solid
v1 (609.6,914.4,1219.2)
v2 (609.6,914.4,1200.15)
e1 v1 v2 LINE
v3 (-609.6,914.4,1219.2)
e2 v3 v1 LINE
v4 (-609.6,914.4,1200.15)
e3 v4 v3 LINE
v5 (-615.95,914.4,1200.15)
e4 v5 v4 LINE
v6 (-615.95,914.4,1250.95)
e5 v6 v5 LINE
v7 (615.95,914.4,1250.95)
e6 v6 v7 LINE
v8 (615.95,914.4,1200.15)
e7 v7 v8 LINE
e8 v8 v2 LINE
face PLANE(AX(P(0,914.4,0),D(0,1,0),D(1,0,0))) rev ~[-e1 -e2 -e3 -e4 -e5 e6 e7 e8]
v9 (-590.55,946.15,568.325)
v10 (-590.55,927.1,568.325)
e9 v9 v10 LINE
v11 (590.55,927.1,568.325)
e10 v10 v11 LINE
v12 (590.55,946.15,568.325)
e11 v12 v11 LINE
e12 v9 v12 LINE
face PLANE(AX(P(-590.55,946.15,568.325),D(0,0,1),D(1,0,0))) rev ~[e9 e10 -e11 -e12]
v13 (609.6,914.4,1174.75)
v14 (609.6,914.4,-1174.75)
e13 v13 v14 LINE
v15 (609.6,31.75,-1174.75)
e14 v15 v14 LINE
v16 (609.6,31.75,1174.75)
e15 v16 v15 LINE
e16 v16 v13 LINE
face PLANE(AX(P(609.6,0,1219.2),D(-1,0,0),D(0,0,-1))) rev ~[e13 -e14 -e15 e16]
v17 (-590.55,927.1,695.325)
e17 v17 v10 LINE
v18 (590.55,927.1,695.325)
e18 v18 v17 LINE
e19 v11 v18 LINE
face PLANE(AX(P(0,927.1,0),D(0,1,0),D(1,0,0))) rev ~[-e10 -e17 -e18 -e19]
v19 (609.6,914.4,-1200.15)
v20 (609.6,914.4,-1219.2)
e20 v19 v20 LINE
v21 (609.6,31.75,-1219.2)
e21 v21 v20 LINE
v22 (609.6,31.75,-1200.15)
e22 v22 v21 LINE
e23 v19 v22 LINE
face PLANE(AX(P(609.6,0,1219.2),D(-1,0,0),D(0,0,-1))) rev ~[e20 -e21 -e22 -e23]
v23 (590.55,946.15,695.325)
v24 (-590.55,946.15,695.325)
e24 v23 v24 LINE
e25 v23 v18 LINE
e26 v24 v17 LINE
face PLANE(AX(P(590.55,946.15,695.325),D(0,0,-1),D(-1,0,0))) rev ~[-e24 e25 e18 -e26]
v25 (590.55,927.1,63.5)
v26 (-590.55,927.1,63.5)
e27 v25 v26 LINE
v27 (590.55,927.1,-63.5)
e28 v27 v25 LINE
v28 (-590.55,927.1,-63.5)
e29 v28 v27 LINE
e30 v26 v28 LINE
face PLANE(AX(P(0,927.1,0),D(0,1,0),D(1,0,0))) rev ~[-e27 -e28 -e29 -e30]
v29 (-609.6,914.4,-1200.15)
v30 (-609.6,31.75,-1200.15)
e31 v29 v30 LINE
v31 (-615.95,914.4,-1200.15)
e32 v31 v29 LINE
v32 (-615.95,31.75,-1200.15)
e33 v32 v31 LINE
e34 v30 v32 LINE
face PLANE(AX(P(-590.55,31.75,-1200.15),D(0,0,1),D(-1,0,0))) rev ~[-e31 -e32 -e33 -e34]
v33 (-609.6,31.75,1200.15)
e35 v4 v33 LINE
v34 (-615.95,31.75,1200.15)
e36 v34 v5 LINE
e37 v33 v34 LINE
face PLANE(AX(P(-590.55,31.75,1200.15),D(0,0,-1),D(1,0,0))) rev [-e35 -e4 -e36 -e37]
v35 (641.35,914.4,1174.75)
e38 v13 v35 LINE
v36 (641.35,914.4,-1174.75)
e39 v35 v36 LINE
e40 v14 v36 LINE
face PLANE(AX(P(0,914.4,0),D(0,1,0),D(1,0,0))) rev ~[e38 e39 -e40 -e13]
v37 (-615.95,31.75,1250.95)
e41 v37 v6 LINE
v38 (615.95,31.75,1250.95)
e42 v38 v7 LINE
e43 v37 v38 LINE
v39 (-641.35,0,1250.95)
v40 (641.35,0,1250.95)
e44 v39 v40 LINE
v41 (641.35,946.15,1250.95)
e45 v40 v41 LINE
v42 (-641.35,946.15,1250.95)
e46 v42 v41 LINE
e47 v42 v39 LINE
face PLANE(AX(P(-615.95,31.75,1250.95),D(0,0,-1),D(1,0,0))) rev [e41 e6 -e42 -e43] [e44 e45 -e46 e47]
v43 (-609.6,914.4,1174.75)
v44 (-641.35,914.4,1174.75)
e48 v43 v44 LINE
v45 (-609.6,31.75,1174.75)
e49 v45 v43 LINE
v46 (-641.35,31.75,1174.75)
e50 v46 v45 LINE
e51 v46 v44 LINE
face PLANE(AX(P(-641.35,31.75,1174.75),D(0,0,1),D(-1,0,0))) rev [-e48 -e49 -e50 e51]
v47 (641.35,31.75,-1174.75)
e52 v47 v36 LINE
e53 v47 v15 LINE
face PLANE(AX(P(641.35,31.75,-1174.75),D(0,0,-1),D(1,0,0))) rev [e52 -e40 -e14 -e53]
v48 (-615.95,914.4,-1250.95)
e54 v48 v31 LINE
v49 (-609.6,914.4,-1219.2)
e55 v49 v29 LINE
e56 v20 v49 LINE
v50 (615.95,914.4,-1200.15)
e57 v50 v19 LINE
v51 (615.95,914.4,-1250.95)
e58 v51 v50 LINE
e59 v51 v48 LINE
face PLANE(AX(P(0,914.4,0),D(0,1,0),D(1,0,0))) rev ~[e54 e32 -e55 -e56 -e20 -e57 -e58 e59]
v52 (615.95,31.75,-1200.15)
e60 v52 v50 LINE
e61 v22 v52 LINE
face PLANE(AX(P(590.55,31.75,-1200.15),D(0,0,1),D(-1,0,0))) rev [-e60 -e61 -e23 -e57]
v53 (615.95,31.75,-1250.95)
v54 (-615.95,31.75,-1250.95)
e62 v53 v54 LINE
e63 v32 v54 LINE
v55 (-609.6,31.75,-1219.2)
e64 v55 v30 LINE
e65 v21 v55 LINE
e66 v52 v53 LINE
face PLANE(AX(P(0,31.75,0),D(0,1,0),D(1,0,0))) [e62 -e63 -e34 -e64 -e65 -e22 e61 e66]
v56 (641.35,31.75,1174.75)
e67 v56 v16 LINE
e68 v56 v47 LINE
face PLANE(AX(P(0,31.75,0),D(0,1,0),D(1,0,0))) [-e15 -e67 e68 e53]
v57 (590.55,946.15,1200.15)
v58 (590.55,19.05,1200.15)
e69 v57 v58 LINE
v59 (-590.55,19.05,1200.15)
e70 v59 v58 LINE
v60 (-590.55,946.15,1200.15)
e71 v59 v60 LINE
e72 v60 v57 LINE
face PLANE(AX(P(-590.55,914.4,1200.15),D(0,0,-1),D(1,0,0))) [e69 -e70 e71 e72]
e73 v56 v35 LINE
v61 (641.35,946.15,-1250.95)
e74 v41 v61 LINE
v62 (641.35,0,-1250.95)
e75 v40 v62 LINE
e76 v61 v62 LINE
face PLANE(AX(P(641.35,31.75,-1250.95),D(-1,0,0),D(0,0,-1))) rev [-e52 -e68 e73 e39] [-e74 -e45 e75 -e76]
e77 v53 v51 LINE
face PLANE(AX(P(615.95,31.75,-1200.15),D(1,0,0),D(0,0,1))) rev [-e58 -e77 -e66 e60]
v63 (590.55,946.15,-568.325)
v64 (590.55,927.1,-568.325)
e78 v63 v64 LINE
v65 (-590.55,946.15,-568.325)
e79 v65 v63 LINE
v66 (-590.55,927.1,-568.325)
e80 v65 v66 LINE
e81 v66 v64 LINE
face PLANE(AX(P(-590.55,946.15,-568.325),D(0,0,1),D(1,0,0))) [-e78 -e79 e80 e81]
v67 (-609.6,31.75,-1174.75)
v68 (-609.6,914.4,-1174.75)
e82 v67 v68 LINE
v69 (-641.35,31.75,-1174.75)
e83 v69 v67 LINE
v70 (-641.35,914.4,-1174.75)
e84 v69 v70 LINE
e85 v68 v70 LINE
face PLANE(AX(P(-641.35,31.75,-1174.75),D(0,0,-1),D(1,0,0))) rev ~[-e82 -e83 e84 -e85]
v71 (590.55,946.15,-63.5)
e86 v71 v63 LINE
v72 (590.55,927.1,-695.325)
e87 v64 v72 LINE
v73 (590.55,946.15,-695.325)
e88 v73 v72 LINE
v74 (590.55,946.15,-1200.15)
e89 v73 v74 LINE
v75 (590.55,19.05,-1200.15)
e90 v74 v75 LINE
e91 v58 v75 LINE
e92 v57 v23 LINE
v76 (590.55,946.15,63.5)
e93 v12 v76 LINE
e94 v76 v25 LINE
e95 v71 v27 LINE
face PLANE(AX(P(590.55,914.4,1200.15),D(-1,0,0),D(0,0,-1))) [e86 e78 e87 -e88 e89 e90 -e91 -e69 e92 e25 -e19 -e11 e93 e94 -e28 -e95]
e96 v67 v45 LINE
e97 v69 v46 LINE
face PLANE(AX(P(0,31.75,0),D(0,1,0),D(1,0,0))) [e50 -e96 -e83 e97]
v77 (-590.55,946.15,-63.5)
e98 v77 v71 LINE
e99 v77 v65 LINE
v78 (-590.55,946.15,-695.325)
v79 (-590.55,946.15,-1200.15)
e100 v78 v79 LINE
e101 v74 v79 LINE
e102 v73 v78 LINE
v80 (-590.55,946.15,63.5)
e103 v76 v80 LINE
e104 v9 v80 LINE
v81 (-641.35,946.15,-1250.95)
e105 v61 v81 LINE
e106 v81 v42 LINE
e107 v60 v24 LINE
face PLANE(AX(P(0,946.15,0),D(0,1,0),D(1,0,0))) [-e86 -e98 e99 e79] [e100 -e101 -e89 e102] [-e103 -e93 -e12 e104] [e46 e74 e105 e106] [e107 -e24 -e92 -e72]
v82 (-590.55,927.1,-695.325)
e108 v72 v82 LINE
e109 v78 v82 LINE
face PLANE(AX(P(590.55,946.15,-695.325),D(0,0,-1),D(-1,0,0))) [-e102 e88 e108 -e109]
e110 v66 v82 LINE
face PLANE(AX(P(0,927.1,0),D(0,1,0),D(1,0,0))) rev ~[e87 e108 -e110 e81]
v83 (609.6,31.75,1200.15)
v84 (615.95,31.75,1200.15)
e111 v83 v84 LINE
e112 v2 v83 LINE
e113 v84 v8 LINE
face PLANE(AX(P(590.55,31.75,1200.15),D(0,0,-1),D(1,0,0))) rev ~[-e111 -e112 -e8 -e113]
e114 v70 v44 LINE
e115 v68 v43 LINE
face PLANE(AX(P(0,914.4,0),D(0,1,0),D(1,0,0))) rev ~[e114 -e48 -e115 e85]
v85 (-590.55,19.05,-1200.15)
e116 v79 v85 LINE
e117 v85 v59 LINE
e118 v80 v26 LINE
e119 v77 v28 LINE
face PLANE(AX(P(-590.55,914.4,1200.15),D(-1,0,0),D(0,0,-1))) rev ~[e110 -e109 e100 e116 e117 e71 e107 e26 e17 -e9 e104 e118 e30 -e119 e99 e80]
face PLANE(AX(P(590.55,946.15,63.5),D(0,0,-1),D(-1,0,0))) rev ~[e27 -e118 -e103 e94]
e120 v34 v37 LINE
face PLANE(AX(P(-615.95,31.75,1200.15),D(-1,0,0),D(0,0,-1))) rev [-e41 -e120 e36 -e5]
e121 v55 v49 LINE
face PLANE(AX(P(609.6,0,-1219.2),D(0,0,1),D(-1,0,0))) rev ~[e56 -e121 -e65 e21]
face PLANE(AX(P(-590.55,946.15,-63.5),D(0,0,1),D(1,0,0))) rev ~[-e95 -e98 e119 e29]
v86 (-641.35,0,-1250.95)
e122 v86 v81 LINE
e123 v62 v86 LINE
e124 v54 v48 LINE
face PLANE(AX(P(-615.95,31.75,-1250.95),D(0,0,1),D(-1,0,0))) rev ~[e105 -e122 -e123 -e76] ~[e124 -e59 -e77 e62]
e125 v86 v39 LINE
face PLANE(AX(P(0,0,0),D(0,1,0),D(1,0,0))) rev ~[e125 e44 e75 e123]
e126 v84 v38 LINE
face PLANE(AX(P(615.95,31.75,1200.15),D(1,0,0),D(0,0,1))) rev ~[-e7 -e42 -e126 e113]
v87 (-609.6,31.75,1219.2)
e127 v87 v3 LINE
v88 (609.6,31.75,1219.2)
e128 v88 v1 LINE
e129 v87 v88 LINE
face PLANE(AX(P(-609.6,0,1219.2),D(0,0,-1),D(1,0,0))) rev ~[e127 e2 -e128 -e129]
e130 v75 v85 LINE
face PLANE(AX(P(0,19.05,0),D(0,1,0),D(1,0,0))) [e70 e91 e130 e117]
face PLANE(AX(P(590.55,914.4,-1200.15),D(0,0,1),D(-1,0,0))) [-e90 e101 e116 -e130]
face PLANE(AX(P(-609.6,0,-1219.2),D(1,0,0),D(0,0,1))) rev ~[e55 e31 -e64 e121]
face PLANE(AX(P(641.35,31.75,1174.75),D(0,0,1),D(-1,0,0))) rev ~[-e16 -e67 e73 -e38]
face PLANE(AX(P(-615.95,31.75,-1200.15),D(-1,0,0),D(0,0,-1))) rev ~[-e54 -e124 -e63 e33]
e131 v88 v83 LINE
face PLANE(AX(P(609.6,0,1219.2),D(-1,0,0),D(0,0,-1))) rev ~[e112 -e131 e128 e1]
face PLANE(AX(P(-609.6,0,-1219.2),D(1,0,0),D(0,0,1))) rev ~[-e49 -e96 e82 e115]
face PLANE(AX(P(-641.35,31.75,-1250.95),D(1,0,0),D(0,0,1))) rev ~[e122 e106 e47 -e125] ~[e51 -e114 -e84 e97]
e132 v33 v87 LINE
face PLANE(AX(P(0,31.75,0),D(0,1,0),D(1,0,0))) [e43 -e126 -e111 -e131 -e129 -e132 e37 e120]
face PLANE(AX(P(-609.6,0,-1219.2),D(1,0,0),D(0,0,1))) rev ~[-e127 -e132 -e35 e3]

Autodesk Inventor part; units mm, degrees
ref_plane "YZ Plane" through (0, 0, 0) normal (1, 0, 0) x (0, 1, 0)
ref_plane "XZ Plane" through (0, 0, 0) normal (0, 1, 0) x (-1, 0, 0)
ref_plane "XY Plane" through (0, 0, 0) normal (0, 0, 1) x (1, 0, 0)
sketch "Sketch1" plane through (0, 0, 0) normal (0, 1, 0) x (-1, 0, 0)
  line L0 (-609.6, -1219.2) -> (609.6, -1219.2)
  line L1 (609.6, -1219.2) -> (609.6, 1219.2)
  line L2 (609.6, 1219.2) -> (-609.6, 1219.2)
  line L3 (-609.6, 1219.2) -> (-609.6, -1219.2)
  line L4 (-609.6, -1219.2) -> (609.6, 1219.2) construction
  line L5 (609.6, -1219.2) -> (-609.6, 1219.2) construction
  point P0 (0, 0)
  dimension "d0" = 1219.2
  dimension "d1" = 2438.4
extrude "Extrusion1" add sketch "Sketch1" along normal blind 914.4
sketch "Sketch2" plane through (0, 914.4, 0) normal (0, 1, 0) x (1, 0, 0)
  line L0 (590.55, 1200.15) -> (-590.55, 1200.15)
  line L1 (-590.55, 1200.15) -> (-590.55, -1200.15)
  line L2 (-590.55, -1200.15) -> (590.55, -1200.15)
  line L3 (590.55, -1200.15) -> (590.55, 1200.15)
  line L4 (590.55, 1200.15) -> (-590.55, -1200.15) construction
  line L5 (-590.55, 1200.15) -> (590.55, -1200.15) construction
  point P0 (0, 0)
  dimension "d4" = 1181.1
  dimension "d5" = 2400.3
extrude "Extrusion2" cut sketch "Sketch2" against normal blind 895.35
sketch "Sketch3" plane through (0, 914.4, 0) normal (0, 1, 0) x (1, 0, 0)
  line L0 (641.35, 1250.95) -> (-641.35, 1250.95)
  line L1 (-641.35, 1250.95) -> (-641.35, -1250.95)
  line L2 (-641.35, -1250.95) -> (641.35, -1250.95)
  line L3 (641.35, -1250.95) -> (641.35, 1250.95)
  line L4 (641.35, 1250.95) -> (-641.35, -1250.95) construction
  line L5 (-641.35, 1250.95) -> (641.35, -1250.95) construction
  line L6 (-590.55, -1200.15) -> (-590.55, 1200.15) projected
  line L7 (590.55, 1200.15) -> (-590.55, 1200.15)
  line L8 (-590.55, 1200.15) -> (-590.55, -1200.15)
  line L9 (-590.55, -1200.15) -> (590.55, -1200.15)
  line L10 (590.55, -1200.15) -> (590.55, 1200.15)
  line L11 (590.55, 1200.15) -> (-590.55, -1200.15) construction
  line L12 (-590.55, 1200.15) -> (590.55, -1200.15) construction
  point P0 (0, 0)
  point P1 (-590.55, 1200.15)
  dimension "d8" = 1282.7
  dimension "d9" = 2501.9
extrude "Extrusion3" add sketch "Sketch3" along normal blind 31.75
pattern_linear "Rectangular Pattern1" count 2 spacing 914.4 along (0, -1, 0) of "Extrusion3"
sketch "Sketch4" plane through (-641.35, 31.75, 1250.95) normal (0, 1, 0) x (1, 0, 0)
  line L0 (0, 0) -> (1282.7, 0) projected
  line L1 (1282.7, 0) -> (1282.7, 76.2)
  line L2 (1282.7, 0) -> (1282.7, 2501.9) projected
  line L3 (1282.7, 76.2) -> (1231.9, 76.2)
  line L4 (1231.9, 2451.1) -> (1231.9, 50.8) projected
  line L5 (1231.9, 76.2) -> (1231.9, 50.8)
  line L6 (1231.9, 50.8) -> (1257.3, 50.8)
  line L7 (1231.9, 50.8) -> (50.8, 50.8) projected
  line L8 (1257.3, 50.8) -> (1257.3, 0)
  line L9 (1257.3, 0) -> (1282.7, 0)
  point P0 (641.35, 1250.95)
  point P1 (1257.3, 0)
  dimension "d15" = 76.2
  dimension "d16" = 50.8
  dimension "d17" = 25.4
  dimension "d23" = 25.4
  dimension "d24" = 50.8
  dimension "d25" = 25.4
extrude "Extrusion4" add sketch "Sketch4" along normal blind 889
mirror "Mirror2" about plane through (0, 0, 0) normal (1, 0, 0) of "Extrusion4"
mirror "Mirror3" about plane through (0, 0, 0) normal (0, 0, 1) of "Extrusion4", "Mirror2"
sketch "Sketch5" plane through (0, 946.15, 0) normal (0, 1, 0) x (1, 0, 0)
  line L0 (-590.55, -1200.15) -> (-590.55, 1200.15) projected
  line L1 (590.55, -695.325) -> (-590.55, -695.325)
  line L2 (-590.55, -695.325) -> (-590.55, -568.325)
  line L3 (-590.55, -568.325) -> (590.55, -568.325)
  line L4 (590.55, -568.325) -> (590.55, -695.325)
  line L5 (590.55, -695.325) -> (-590.55, -568.325) construction
  line L6 (-590.55, -695.325) -> (590.55, -568.325) construction
  line L7 (590.55, 695.325) -> (-590.55, 695.325)
  line L8 (-590.55, 695.325) -> (-590.55, 568.325)
  line L9 (-590.55, 568.325) -> (590.55, 568.325)
  line L10 (590.55, 568.325) -> (590.55, 695.325)
  line L11 (590.55, 695.325) -> (-590.55, 568.325) construction
  line L12 (-590.55, 695.325) -> (590.55, 568.325) construction
  line L13 (590.55, -63.5) -> (-590.55, -63.5)
  line L14 (-590.55, -63.5) -> (-590.55, 63.5)
  line L15 (-590.55, 63.5) -> (590.55, 63.5)
  line L16 (590.55, 63.5) -> (590.55, -63.5)
  line L17 (590.55, -63.5) -> (-590.55, 63.5) construction
  line L18 (-590.55, -63.5) -> (590.55, 63.5) construction
  line L19 (-590.55, 1200.15) -> (590.55, 1200.15) projected
  line L20 (590.55, -1200.15) -> (-590.55, -1200.15) projected
  point P0 (0, 0)
  point P1 (0, -631.825)
  point P2 (0, 631.825)
  point P3 (-590.55, -63.5)
  point P4 (-590.55, 695.325)
  dimension "d26" = 127
  dimension "d27" = 127
  dimension "d28" = 127
  dimension "d31" = 504.825
  dimension "d32" = 504.825
  dimension "d33" = 504.825
  dimension "d34" = 504.825
extrude "Extrusion5" add sketch "Sketch5" against normal blind 19.05
properties part number "CustomAquariumsTank"
